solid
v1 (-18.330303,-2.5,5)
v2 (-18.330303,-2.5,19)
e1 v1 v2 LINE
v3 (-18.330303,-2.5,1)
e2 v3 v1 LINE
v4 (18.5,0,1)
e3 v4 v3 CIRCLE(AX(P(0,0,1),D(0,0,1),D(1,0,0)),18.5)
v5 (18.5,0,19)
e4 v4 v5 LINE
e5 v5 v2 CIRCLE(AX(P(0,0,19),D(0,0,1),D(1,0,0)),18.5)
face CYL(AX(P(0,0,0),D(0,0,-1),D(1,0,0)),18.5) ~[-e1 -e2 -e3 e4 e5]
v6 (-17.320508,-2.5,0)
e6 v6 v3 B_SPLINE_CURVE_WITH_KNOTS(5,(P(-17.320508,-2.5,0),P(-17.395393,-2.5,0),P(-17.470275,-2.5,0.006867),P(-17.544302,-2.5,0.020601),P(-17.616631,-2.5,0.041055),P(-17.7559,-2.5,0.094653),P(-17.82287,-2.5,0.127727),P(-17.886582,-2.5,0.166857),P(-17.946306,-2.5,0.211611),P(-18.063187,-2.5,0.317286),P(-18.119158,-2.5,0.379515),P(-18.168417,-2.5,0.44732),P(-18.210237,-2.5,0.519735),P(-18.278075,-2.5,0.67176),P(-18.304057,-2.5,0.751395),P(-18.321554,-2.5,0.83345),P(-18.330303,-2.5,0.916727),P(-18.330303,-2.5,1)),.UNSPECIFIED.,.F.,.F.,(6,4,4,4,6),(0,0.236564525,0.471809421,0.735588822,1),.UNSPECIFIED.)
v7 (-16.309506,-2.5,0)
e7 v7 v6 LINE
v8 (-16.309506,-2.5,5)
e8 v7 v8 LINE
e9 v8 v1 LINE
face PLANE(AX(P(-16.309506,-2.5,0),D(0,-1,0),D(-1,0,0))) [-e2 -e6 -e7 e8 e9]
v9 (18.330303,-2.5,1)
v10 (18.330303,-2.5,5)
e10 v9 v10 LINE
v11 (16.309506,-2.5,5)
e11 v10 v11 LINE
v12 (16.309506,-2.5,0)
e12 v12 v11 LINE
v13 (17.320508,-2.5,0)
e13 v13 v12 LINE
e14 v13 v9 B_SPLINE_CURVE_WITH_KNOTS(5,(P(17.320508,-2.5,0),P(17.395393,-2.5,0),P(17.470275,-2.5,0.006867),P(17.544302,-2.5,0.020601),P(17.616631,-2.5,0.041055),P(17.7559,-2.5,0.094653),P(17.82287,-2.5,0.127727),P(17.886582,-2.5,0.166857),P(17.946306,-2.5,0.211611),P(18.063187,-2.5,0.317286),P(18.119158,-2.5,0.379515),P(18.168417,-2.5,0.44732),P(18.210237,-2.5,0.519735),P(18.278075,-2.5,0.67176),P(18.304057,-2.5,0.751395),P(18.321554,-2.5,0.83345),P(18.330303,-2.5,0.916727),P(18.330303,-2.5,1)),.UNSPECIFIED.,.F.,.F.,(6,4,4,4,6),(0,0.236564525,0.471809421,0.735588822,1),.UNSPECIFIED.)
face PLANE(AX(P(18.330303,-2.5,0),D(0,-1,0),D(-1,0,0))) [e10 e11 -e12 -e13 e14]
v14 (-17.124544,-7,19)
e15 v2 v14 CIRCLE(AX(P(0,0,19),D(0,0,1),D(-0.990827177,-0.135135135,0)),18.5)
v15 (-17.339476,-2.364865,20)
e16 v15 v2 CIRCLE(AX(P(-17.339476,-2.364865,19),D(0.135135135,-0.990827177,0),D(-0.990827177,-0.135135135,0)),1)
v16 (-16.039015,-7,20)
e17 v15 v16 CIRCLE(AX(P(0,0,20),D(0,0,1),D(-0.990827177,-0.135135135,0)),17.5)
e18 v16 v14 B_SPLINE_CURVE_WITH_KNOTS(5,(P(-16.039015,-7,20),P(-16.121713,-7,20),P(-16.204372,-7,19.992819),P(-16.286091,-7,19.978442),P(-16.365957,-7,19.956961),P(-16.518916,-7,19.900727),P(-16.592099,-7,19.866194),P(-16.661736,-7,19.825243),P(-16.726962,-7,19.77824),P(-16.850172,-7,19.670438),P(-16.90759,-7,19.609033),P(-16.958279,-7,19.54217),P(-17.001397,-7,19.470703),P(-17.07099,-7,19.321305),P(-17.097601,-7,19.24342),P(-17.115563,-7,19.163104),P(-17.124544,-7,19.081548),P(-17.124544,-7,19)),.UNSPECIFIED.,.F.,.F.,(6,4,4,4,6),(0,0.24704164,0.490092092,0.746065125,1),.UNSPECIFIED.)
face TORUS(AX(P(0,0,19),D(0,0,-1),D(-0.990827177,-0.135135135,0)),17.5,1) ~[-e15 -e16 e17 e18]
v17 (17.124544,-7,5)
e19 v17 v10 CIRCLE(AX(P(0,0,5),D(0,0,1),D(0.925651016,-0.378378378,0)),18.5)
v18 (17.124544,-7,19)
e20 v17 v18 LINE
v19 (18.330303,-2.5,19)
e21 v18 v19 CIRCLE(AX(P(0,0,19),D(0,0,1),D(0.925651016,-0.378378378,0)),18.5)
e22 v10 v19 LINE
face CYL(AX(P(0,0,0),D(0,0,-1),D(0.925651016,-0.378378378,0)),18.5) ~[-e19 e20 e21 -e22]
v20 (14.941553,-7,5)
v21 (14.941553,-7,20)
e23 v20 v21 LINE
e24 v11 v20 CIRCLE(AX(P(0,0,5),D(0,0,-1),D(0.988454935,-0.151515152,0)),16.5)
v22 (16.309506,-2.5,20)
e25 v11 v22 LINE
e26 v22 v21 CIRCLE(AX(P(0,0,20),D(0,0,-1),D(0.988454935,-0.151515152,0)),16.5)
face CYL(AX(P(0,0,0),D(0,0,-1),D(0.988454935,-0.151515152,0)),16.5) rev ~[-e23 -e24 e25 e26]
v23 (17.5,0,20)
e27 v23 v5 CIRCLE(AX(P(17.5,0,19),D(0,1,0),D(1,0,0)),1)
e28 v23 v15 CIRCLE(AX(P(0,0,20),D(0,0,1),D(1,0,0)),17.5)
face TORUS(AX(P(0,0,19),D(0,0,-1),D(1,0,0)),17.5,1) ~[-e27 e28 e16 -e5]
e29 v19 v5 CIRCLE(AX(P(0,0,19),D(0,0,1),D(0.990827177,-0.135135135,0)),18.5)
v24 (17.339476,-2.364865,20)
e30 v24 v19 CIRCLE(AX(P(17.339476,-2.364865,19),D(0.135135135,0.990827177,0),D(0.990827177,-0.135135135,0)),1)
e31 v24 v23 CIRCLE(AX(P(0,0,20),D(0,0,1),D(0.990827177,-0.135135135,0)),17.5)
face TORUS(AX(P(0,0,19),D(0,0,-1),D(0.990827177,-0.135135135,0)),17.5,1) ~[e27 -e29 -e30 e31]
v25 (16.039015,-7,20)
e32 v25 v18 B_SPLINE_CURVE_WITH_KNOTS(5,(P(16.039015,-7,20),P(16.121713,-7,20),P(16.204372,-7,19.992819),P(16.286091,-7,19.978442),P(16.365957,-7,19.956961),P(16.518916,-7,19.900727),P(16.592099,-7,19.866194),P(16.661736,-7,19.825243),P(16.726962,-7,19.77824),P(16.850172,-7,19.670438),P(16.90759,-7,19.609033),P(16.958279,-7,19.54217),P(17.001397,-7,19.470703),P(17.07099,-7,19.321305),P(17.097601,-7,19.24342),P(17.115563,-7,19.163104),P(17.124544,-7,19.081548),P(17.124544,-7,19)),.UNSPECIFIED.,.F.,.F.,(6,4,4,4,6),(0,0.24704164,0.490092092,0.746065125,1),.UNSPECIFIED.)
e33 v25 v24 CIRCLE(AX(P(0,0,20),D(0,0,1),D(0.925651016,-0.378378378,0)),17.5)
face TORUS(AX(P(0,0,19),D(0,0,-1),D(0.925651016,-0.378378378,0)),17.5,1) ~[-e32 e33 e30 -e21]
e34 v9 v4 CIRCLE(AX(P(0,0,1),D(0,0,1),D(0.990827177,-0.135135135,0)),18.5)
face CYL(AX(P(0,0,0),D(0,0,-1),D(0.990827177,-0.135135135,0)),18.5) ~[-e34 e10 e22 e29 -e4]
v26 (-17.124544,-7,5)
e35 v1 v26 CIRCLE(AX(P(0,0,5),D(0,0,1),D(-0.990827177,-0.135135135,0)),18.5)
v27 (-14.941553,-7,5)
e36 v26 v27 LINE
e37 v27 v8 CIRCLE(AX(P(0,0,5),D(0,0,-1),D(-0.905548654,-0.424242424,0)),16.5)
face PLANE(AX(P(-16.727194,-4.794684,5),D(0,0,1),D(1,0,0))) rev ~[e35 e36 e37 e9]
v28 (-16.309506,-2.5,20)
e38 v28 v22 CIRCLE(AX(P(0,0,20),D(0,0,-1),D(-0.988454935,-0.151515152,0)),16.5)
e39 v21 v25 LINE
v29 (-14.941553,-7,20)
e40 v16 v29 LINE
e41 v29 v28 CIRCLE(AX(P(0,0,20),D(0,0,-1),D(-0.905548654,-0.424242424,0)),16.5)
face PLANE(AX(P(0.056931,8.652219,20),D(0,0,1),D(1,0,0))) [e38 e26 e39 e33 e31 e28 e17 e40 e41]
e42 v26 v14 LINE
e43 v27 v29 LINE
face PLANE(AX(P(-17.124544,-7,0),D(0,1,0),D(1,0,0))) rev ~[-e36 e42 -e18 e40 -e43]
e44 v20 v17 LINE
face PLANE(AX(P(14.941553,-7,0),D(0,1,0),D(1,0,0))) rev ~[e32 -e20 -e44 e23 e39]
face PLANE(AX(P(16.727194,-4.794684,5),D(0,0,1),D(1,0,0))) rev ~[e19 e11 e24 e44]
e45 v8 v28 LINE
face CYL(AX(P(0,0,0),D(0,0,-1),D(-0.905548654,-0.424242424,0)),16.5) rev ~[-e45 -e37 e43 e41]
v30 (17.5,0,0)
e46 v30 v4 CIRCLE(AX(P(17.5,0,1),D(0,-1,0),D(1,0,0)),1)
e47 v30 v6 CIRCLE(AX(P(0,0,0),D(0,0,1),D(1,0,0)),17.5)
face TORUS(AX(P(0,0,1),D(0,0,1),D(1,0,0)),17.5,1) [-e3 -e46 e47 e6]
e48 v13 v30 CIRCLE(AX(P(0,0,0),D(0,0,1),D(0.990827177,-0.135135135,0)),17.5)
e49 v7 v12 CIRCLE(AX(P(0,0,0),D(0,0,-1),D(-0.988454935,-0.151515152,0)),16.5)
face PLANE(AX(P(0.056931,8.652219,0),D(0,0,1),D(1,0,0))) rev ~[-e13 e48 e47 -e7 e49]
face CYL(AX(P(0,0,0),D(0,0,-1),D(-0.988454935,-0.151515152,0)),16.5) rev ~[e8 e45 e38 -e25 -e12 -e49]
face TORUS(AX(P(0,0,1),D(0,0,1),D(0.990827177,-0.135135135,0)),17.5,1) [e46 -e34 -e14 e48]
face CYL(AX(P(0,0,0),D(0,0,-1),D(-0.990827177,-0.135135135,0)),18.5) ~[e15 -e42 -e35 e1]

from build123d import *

# Parameters (mm, degrees)
F1_DEPTH = 20
F2_DEPTH = 5
F3_R     = 1


with BuildPart() as f1:
    # F0 (on Top) → F1 (new body)
    with BuildSketch(Plane.XY):
        with BuildLine():
            ThreePointArc((-16.3095064303, -2.5), (-1.253623528, 16.4523076816), (16.5, 0))
            ThreePointArc((16.5, 0), (16.4523076816, -1.253623528), (16.3095064303, -2.5))
            Line((16.3095064303, -2.5), (18.3303027798, -2.5))
            ThreePointArc((18.3303027798, -2.5), (18.4575269393, -1.2528764052), (18.5, 0))
            ThreePointArc((18.5, 0), (-1.2528764052, 18.4575269393), (-18.3303027798, -2.5))
            Line((-18.3303027798, -2.5), (-16.3095064303, -2.5))
        make_face()
        with BuildLine():
            Line((18.3303027798, -2.5), (16.3095064303, -2.5))
            ThreePointArc((16.3095064303, -2.5), (15.7866929949, -4.7989920072), (14.9415527975, -7))
            Line((14.9415527975, -7), (17.1245437895, -7))
            ThreePointArc((17.1245437895, -7), (17.8696400723, -4.7881064823), (18.3303027798, -2.5))
        make_face()
        with BuildLine():
            ThreePointArc((-14.9415527975, -7), (-15.7866929949, -4.7989920072), (-16.3095064303, -2.5))
            Line((-16.3095064303, -2.5), (-18.3303027798, -2.5))
            ThreePointArc((-18.3303027798, -2.5), (-17.8696400723, -4.7881064823), (-17.1245437895, -7))
            Line((-17.1245437895, -7), (-14.9415527975, -7))
        make_face()
    extrude(amount=F1_DEPTH)

    # F0 (on Top) → F2 (cut)
    with BuildSketch(Plane.XY):
        with BuildLine():
            ThreePointArc((-14.9415527975, -7), (-15.7866929949, -4.7989920072), (-16.3095064303, -2.5))
            Line((-16.3095064303, -2.5), (-18.3303027798, -2.5))
            ThreePointArc((-18.3303027798, -2.5), (-17.8696400723, -4.7881064823), (-17.1245437895, -7))
            Line((-17.1245437895, -7), (-14.9415527975, -7))
        make_face()
        with BuildLine():
            Line((18.3303027798, -2.5), (16.3095064303, -2.5))
            ThreePointArc((16.3095064303, -2.5), (15.7866929949, -4.7989920072), (14.9415527975, -7))
            Line((14.9415527975, -7), (17.1245437895, -7))
            ThreePointArc((17.1245437895, -7), (17.8696400723, -4.7881064823), (18.3303027798, -2.5))
        make_face()
    extrude(amount=F2_DEPTH, mode=Mode.SUBTRACT)

    # F3
    f3_edges = [f1.edges().sort_by_distance(p)[0] for p in [
        (0, 18.5, 20),
        (0, 18.5, 0),
    ]]
    fillet(f3_edges, radius=F3_R)


solid = f1.part
